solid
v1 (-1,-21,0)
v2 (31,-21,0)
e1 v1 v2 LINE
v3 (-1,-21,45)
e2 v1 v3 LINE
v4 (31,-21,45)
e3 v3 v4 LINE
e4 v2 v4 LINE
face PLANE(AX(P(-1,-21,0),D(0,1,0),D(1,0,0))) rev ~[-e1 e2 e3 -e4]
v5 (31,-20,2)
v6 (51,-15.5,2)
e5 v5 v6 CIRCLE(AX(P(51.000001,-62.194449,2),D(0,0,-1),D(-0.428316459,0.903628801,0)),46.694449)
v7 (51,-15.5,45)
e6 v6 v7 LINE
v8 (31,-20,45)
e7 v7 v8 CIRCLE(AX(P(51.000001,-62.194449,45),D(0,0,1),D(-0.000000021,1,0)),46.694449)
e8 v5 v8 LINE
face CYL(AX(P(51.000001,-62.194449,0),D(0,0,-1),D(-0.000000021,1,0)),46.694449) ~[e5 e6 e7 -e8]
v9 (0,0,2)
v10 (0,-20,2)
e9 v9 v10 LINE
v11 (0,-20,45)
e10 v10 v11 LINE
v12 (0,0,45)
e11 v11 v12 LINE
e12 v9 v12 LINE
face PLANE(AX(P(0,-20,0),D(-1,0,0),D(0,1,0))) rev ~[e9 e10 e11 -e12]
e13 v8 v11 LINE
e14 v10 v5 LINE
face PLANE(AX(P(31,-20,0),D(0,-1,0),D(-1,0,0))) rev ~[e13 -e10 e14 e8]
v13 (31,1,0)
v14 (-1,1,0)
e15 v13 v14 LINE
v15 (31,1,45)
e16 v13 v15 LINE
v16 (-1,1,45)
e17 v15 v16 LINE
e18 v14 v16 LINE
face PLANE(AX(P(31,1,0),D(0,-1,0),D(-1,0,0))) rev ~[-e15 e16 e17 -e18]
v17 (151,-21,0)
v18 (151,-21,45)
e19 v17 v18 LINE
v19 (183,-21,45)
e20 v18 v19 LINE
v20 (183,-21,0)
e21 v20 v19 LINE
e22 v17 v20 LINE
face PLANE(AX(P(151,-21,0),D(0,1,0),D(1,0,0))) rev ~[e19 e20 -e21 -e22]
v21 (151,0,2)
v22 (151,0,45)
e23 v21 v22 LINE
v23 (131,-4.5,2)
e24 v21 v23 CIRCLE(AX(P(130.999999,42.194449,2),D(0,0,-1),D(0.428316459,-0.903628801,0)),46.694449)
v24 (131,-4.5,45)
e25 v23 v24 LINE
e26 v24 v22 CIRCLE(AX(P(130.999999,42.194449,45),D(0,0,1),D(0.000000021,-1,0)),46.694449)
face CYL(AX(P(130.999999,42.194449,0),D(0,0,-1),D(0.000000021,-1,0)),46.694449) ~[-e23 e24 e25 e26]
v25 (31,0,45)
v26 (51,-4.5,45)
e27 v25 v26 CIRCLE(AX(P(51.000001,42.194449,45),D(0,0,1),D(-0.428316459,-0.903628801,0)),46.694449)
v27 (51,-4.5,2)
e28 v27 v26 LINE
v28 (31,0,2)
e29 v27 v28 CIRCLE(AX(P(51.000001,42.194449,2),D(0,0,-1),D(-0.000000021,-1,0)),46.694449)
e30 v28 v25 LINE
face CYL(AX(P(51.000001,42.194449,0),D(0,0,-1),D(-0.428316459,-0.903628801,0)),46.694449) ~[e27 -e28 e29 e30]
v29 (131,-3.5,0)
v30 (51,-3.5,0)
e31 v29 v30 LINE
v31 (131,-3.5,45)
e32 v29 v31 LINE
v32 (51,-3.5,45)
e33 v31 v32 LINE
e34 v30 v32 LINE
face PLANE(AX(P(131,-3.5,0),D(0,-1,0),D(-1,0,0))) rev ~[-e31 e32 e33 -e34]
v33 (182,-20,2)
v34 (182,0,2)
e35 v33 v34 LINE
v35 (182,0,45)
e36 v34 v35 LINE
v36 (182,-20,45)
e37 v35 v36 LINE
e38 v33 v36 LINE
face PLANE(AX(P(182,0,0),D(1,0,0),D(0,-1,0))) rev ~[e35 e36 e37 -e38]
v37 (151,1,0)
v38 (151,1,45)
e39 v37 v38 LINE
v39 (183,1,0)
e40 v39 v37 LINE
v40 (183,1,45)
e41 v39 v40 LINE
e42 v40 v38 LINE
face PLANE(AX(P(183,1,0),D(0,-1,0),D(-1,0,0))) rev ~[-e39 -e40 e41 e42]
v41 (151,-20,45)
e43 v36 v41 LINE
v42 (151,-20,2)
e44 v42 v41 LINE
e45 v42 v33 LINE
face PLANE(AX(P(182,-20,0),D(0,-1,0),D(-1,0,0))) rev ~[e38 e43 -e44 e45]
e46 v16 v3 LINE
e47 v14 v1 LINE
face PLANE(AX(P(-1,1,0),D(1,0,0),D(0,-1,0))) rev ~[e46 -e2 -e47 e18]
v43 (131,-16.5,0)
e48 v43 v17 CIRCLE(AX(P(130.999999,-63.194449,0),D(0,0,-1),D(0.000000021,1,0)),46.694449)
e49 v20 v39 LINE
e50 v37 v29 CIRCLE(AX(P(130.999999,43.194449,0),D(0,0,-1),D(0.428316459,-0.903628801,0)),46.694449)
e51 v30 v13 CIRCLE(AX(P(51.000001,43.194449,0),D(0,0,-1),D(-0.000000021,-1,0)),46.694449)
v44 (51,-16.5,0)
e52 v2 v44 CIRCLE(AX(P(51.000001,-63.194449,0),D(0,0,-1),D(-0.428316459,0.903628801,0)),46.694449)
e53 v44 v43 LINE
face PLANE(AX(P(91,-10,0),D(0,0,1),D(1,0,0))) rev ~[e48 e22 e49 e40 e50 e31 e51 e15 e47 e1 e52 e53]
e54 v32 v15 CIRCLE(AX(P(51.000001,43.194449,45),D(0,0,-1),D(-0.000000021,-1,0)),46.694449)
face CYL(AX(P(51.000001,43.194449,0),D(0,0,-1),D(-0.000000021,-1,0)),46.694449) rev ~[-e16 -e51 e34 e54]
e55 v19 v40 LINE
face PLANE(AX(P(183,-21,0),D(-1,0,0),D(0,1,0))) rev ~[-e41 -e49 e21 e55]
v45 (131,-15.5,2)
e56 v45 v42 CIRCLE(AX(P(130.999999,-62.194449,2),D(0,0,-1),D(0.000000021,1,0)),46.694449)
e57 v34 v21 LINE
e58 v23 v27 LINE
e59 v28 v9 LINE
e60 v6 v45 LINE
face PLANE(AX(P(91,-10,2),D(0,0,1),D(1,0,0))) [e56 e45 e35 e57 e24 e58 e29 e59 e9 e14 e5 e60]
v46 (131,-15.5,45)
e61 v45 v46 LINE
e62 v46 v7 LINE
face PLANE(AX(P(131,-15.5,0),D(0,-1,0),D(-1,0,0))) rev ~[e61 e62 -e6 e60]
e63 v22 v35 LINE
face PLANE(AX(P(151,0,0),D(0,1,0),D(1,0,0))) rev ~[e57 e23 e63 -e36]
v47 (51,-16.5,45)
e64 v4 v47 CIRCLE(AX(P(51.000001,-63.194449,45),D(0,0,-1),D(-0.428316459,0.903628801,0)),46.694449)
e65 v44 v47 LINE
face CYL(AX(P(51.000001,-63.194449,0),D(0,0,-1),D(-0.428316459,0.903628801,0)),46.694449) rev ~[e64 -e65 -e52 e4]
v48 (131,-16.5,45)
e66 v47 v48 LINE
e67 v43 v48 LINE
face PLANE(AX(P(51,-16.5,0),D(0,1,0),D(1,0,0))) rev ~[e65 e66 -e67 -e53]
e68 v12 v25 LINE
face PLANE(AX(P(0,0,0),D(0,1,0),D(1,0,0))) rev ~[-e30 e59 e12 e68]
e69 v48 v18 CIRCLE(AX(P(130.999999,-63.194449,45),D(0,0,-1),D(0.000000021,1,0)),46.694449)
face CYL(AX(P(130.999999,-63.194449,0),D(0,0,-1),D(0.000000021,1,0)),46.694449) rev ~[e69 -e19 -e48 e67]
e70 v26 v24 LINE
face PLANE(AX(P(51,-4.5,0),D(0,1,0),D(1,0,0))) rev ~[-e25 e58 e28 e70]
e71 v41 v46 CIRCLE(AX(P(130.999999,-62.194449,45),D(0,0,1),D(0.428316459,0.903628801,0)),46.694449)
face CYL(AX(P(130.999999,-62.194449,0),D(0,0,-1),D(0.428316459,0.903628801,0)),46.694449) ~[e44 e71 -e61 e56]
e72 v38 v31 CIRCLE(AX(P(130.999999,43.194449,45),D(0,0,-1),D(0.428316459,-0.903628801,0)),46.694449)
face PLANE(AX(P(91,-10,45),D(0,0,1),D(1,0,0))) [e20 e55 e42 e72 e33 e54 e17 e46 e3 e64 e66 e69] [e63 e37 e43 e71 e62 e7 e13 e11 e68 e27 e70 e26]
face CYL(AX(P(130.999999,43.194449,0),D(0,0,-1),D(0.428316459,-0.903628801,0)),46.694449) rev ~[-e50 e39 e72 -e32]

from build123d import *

# Parameters (mm, degrees)
F2_DEPTH = 45
F3_DEPTH = 2


with BuildPart() as f2:
    # F1 (on face) → F2 (new body)
    with BuildSketch(Plane.XY):
        with BuildLine():
            Line((31, 1), (-1, 1))
            Line((-1, 1), (-1, -21))
            Line((-1, -21), (31, -21))
            ThreePointArc((31, -21), (40.75, -17.638889), (51, -16.5))
            Line((51, -16.5), (131, -16.5))
            ThreePointArc((131, -16.5), (141.25, -17.638889), (151, -21))
            Line((151, -21), (183, -21))
            Line((183, -21), (183, 1))
            Line((183, 1), (151, 1))
            ThreePointArc((151, 1), (141.25, -2.361111), (131, -3.5))
            Line((131, -3.5), (51, -3.5))
            ThreePointArc((51, -3.5), (40.75, -2.361111), (31, 1))
        make_face()
        with BuildLine():
            Line((0, 0), (31, 0))
            ThreePointArc((31, 0), (40.75, -3.361111), (51, -4.5))
            Line((51, -4.5), (131, -4.5))
            ThreePointArc((131, -4.5), (141.25, -3.361111), (151, 0))
            Line((151, 0), (182, 0))
            Line((182, 0), (182, -20))
            Line((182, -20), (151, -20))
            ThreePointArc((151, -20), (141.25, -16.638889), (131, -15.5))
            Line((131, -15.5), (51, -15.5))
            ThreePointArc((51, -15.5), (40.75, -16.638889), (31, -20))
            Line((31, -20), (0, -20))
            Line((0, -20), (0, 0))
        make_face(mode=Mode.SUBTRACT)
    extrude(amount=F2_DEPTH)

    # F0 (on Top) → F3 (join)
    with BuildSketch(Plane.XY):
        with BuildLine():
            Line((31, 0), (0, 0))
            Line((0, 0), (0, -20))
            Line((0, -20), (31, -20))
            ThreePointArc((31, -20), (40.75, -16.638889), (51, -15.5))
            Line((51, -15.5), (131, -15.5))
            ThreePointArc((131, -15.5), (141.25, -16.638889), (151, -20))
            Line((151, -20), (182, -20))
            Line((182, -20), (182, 0))
            Line((182, 0), (151, 0))
            ThreePointArc((151, 0), (141.25, -3.361111), (131, -4.5))
            Line((131, -4.5), (51, -4.5))
            ThreePointArc((51, -4.5), (40.75, -3.361111), (31, 0))
        make_face()
    extrude(amount=F3_DEPTH)


solid = f2.part
